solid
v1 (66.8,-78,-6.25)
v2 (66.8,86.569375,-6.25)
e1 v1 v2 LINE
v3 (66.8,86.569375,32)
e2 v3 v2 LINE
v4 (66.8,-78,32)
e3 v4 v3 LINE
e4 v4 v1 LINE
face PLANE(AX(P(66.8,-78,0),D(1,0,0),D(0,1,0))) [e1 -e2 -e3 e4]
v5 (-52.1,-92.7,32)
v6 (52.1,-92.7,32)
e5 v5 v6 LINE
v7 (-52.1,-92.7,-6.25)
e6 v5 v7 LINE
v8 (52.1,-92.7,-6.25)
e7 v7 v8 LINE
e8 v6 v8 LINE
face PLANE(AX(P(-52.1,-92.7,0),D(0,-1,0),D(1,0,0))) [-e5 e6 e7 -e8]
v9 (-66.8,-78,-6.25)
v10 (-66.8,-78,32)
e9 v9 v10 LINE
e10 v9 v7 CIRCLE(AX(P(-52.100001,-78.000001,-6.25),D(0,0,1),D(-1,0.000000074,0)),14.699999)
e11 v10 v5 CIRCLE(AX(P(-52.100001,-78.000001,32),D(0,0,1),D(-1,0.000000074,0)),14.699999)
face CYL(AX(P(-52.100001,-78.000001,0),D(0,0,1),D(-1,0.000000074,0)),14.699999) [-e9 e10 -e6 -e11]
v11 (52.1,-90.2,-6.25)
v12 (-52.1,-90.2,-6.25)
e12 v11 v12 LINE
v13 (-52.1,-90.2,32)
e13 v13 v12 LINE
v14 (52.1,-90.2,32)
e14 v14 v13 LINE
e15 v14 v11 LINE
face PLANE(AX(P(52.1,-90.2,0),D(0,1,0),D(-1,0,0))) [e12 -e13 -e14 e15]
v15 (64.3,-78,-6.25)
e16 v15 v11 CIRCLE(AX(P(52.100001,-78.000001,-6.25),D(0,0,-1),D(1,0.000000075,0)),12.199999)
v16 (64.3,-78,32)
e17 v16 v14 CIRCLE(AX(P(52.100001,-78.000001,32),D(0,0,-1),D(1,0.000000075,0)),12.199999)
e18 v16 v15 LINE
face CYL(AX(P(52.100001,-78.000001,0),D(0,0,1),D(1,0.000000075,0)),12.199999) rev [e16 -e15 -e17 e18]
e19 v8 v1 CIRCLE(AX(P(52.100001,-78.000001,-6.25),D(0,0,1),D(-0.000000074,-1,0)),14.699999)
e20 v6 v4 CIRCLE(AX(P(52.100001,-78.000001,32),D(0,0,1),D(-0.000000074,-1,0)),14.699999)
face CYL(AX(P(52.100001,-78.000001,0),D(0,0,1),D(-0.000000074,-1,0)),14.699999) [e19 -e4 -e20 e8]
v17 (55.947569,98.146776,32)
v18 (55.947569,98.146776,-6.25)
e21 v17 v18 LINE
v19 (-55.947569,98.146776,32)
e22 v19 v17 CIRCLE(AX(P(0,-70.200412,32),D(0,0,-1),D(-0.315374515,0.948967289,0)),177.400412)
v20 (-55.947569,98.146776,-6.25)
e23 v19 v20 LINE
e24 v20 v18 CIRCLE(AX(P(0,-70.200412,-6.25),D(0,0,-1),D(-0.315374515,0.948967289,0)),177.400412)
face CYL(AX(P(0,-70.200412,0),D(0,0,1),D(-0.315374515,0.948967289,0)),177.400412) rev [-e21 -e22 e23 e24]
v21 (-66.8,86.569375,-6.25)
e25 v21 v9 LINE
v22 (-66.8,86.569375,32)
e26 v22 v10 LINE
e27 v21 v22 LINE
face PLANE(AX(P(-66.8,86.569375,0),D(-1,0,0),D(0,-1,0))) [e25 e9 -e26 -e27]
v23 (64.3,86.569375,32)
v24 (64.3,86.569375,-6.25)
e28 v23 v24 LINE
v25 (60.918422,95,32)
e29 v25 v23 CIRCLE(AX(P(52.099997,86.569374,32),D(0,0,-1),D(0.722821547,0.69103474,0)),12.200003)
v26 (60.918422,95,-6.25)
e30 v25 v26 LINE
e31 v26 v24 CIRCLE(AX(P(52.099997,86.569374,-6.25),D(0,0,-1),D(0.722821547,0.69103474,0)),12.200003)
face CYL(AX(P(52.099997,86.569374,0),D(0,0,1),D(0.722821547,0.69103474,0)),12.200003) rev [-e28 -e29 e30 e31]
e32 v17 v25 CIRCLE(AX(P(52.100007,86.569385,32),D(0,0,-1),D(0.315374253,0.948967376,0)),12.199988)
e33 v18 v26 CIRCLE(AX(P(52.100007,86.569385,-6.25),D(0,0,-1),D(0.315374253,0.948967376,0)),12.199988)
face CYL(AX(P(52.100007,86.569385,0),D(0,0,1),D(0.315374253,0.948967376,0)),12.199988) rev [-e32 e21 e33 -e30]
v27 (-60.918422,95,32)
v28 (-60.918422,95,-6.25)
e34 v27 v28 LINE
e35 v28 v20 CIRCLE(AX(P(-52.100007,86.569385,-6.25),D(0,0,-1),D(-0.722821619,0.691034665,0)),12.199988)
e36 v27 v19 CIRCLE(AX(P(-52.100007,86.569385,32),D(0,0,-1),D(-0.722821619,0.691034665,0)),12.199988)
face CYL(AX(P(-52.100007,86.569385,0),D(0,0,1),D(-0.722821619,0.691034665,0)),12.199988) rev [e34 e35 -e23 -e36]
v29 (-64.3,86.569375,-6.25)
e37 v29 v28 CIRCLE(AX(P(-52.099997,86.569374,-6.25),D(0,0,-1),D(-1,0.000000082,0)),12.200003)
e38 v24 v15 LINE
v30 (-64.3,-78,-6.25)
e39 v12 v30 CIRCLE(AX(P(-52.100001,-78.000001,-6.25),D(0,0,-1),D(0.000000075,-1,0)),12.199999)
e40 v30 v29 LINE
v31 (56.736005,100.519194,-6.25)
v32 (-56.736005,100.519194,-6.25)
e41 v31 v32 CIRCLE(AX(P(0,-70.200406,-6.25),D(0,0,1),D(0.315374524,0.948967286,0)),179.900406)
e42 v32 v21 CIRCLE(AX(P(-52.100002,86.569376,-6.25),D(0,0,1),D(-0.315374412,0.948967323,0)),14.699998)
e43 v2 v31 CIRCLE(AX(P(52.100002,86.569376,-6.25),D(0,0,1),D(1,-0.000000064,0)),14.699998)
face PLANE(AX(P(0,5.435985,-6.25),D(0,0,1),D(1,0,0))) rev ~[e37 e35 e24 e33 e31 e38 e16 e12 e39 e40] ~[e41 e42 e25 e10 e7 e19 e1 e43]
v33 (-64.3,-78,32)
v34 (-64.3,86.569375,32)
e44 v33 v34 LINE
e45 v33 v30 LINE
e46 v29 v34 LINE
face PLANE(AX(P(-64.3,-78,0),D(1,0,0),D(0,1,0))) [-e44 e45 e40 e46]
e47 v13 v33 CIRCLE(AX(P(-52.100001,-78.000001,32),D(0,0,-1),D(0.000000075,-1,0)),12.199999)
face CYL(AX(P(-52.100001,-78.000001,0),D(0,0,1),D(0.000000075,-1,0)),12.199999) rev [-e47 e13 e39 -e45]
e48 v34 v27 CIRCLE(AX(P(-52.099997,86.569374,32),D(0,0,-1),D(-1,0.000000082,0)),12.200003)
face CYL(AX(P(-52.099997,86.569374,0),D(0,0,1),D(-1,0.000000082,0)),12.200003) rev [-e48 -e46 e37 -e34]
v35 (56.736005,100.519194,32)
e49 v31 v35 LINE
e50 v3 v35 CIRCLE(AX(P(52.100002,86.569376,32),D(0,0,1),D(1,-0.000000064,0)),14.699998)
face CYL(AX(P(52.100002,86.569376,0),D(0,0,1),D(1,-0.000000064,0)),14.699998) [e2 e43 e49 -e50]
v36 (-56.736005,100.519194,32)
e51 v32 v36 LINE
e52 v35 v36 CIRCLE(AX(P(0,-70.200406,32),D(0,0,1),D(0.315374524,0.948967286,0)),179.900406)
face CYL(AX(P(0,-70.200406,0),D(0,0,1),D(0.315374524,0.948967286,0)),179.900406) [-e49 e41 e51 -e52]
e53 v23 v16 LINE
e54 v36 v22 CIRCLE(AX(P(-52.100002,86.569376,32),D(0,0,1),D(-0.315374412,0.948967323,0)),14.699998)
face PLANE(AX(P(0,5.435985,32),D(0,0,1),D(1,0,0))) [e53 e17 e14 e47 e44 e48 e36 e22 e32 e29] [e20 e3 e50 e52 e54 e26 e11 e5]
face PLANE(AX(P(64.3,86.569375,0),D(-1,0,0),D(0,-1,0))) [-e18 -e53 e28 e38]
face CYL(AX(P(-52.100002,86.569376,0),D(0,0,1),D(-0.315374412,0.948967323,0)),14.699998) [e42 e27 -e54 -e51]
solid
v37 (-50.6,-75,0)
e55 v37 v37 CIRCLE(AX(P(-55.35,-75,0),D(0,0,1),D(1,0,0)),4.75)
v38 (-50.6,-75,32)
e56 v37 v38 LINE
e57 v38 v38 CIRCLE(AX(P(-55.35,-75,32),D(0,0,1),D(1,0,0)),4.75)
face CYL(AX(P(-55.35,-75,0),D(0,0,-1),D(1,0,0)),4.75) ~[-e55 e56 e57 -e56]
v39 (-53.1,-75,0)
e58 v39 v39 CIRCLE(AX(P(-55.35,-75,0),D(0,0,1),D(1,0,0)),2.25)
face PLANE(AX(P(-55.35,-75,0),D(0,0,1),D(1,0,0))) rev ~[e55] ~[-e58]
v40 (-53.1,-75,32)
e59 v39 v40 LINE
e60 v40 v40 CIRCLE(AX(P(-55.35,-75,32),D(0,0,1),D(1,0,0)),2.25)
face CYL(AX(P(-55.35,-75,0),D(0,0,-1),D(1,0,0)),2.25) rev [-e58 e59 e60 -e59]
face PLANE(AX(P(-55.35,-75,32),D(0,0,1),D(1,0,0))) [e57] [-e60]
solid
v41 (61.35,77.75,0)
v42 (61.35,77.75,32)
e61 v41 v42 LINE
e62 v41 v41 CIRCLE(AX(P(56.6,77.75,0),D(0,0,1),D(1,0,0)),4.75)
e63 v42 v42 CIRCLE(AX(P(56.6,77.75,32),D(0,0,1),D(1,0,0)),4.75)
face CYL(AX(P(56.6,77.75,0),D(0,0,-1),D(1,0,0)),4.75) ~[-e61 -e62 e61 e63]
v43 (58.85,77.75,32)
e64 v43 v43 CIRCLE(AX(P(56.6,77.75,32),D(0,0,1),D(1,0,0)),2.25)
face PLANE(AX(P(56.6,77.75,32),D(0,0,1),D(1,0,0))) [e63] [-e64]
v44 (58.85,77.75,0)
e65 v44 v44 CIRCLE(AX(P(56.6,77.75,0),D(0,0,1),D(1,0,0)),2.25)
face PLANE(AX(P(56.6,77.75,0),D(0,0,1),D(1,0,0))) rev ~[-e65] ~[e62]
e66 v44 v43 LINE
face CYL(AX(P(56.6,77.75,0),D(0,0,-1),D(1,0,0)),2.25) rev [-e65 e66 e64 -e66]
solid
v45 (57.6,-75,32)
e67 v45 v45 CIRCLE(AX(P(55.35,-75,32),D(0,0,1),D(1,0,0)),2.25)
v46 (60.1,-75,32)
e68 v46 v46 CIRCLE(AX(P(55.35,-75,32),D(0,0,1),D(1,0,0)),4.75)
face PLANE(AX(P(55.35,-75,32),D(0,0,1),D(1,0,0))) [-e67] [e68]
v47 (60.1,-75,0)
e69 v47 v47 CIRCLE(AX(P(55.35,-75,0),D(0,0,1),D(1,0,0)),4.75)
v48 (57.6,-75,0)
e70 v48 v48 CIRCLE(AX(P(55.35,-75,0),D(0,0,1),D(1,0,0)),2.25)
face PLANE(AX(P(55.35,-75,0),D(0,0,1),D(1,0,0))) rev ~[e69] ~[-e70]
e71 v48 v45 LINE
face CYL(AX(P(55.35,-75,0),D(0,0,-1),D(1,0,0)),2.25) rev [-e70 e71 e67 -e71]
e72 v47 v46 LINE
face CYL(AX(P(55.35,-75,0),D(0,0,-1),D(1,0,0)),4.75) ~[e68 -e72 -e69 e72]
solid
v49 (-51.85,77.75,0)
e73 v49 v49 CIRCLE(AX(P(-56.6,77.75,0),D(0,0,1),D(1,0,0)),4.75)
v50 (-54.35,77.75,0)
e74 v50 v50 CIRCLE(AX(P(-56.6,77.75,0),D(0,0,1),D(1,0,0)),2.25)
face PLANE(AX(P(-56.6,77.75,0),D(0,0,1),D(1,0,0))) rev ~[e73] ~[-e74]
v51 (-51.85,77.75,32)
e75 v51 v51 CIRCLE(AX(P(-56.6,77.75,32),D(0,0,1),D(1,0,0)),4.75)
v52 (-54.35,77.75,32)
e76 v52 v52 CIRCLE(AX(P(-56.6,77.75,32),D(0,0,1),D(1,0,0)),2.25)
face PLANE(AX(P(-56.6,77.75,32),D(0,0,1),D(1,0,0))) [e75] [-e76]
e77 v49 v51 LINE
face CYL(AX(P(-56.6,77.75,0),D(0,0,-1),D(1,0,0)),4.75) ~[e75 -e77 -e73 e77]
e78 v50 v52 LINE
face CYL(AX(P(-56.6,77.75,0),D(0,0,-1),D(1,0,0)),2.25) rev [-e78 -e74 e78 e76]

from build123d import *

# Parameters (mm, degrees)
F0_R          = 4.75
F0_R_2        = 2.25
F2_DEPTH      = 32
F3_DEPTH      = 32
F3_DEPTH_BACK = 6.25


with BuildPart() as f2:
    # F0 (on Top) → F2 (new body, through all)
    with BuildSketch(Plane.XY):
        with Locations((-56.6, 77.75)):
            Circle(F0_R)
        with Locations((-56.6, 77.75)):
            Circle(F0_R_2, mode=Mode.SUBTRACT)
        with Locations((56.6, 77.75)):
            Circle(F0_R)
        with Locations((56.6, 77.75)):
            Circle(F0_R_2, mode=Mode.SUBTRACT)
        with Locations((55.35, -75)):
            Circle(F0_R)
        with Locations((55.35, -75)):
            Circle(F0_R_2, mode=Mode.SUBTRACT)
        with Locations((-55.35, -75)):
            Circle(F0_R)
        with Locations((-55.35, -75)):
            Circle(F0_R_2, mode=Mode.SUBTRACT)
    extrude(amount=F2_DEPTH)


with BuildPart() as f3:
    # F0 (on Top) → F3 (new body, two sides)
    with BuildSketch(Plane.XY) as f3_sk:
        with BuildLine():
            ThreePointArc((66.8, 86.569375), (64.021394, 95.169978), (56.736005, 100.519194))
            ThreePointArc((56.736005, 100.519194), (0, 109.7), (-56.736005, 100.519194))
            ThreePointArc((-56.736005, 100.519194), (-64.021394, 95.169978), (-66.8, 86.569375))
            Line((-66.8, 86.569375), (-66.8, -78))
            ThreePointArc((-66.8, -78), (-62.49447, -88.39447), (-52.1, -92.7))
            Line((-52.1, -92.7), (52.1, -92.7))
            ThreePointArc((52.1, -92.7), (62.49447, -88.39447), (66.8, -78))
            Line((66.8, -78), (66.8, 86.569375))
        make_face()
        with BuildLine():
            ThreePointArc((-64.3, 86.569375), (-63.42309, 91.11114), (-60.918422, 95))
            ThreePointArc((-60.918422, 95), (-58.625518, 96.877509), (-55.947569, 98.146776))
            ThreePointArc((-55.947569, 98.146776), (0, 107.2), (55.947569, 98.146776))
            ThreePointArc((55.947569, 98.146776), (58.625518, 96.877509), (60.918422, 95))
            ThreePointArc((60.918422, 95), (63.42309, 91.11114), (64.3, 86.569375))
            Line((64.3, 86.569375), (64.3, -78))
            ThreePointArc((64.3, -78), (60.726703, -86.626703), (52.1, -90.2))
            Line((52.1, -90.2), (-52.1, -90.2))
            ThreePointArc((-52.1, -90.2), (-60.726703, -86.626703), (-64.3, -78))
            Line((-64.3, -78), (-64.3, 86.569375))
        make_face(mode=Mode.SUBTRACT)
    extrude(amount=F3_DEPTH)
    extrude(f3_sk.sketch, amount=-F3_DEPTH_BACK)


solid = Compound([f2.part, f3.part])
